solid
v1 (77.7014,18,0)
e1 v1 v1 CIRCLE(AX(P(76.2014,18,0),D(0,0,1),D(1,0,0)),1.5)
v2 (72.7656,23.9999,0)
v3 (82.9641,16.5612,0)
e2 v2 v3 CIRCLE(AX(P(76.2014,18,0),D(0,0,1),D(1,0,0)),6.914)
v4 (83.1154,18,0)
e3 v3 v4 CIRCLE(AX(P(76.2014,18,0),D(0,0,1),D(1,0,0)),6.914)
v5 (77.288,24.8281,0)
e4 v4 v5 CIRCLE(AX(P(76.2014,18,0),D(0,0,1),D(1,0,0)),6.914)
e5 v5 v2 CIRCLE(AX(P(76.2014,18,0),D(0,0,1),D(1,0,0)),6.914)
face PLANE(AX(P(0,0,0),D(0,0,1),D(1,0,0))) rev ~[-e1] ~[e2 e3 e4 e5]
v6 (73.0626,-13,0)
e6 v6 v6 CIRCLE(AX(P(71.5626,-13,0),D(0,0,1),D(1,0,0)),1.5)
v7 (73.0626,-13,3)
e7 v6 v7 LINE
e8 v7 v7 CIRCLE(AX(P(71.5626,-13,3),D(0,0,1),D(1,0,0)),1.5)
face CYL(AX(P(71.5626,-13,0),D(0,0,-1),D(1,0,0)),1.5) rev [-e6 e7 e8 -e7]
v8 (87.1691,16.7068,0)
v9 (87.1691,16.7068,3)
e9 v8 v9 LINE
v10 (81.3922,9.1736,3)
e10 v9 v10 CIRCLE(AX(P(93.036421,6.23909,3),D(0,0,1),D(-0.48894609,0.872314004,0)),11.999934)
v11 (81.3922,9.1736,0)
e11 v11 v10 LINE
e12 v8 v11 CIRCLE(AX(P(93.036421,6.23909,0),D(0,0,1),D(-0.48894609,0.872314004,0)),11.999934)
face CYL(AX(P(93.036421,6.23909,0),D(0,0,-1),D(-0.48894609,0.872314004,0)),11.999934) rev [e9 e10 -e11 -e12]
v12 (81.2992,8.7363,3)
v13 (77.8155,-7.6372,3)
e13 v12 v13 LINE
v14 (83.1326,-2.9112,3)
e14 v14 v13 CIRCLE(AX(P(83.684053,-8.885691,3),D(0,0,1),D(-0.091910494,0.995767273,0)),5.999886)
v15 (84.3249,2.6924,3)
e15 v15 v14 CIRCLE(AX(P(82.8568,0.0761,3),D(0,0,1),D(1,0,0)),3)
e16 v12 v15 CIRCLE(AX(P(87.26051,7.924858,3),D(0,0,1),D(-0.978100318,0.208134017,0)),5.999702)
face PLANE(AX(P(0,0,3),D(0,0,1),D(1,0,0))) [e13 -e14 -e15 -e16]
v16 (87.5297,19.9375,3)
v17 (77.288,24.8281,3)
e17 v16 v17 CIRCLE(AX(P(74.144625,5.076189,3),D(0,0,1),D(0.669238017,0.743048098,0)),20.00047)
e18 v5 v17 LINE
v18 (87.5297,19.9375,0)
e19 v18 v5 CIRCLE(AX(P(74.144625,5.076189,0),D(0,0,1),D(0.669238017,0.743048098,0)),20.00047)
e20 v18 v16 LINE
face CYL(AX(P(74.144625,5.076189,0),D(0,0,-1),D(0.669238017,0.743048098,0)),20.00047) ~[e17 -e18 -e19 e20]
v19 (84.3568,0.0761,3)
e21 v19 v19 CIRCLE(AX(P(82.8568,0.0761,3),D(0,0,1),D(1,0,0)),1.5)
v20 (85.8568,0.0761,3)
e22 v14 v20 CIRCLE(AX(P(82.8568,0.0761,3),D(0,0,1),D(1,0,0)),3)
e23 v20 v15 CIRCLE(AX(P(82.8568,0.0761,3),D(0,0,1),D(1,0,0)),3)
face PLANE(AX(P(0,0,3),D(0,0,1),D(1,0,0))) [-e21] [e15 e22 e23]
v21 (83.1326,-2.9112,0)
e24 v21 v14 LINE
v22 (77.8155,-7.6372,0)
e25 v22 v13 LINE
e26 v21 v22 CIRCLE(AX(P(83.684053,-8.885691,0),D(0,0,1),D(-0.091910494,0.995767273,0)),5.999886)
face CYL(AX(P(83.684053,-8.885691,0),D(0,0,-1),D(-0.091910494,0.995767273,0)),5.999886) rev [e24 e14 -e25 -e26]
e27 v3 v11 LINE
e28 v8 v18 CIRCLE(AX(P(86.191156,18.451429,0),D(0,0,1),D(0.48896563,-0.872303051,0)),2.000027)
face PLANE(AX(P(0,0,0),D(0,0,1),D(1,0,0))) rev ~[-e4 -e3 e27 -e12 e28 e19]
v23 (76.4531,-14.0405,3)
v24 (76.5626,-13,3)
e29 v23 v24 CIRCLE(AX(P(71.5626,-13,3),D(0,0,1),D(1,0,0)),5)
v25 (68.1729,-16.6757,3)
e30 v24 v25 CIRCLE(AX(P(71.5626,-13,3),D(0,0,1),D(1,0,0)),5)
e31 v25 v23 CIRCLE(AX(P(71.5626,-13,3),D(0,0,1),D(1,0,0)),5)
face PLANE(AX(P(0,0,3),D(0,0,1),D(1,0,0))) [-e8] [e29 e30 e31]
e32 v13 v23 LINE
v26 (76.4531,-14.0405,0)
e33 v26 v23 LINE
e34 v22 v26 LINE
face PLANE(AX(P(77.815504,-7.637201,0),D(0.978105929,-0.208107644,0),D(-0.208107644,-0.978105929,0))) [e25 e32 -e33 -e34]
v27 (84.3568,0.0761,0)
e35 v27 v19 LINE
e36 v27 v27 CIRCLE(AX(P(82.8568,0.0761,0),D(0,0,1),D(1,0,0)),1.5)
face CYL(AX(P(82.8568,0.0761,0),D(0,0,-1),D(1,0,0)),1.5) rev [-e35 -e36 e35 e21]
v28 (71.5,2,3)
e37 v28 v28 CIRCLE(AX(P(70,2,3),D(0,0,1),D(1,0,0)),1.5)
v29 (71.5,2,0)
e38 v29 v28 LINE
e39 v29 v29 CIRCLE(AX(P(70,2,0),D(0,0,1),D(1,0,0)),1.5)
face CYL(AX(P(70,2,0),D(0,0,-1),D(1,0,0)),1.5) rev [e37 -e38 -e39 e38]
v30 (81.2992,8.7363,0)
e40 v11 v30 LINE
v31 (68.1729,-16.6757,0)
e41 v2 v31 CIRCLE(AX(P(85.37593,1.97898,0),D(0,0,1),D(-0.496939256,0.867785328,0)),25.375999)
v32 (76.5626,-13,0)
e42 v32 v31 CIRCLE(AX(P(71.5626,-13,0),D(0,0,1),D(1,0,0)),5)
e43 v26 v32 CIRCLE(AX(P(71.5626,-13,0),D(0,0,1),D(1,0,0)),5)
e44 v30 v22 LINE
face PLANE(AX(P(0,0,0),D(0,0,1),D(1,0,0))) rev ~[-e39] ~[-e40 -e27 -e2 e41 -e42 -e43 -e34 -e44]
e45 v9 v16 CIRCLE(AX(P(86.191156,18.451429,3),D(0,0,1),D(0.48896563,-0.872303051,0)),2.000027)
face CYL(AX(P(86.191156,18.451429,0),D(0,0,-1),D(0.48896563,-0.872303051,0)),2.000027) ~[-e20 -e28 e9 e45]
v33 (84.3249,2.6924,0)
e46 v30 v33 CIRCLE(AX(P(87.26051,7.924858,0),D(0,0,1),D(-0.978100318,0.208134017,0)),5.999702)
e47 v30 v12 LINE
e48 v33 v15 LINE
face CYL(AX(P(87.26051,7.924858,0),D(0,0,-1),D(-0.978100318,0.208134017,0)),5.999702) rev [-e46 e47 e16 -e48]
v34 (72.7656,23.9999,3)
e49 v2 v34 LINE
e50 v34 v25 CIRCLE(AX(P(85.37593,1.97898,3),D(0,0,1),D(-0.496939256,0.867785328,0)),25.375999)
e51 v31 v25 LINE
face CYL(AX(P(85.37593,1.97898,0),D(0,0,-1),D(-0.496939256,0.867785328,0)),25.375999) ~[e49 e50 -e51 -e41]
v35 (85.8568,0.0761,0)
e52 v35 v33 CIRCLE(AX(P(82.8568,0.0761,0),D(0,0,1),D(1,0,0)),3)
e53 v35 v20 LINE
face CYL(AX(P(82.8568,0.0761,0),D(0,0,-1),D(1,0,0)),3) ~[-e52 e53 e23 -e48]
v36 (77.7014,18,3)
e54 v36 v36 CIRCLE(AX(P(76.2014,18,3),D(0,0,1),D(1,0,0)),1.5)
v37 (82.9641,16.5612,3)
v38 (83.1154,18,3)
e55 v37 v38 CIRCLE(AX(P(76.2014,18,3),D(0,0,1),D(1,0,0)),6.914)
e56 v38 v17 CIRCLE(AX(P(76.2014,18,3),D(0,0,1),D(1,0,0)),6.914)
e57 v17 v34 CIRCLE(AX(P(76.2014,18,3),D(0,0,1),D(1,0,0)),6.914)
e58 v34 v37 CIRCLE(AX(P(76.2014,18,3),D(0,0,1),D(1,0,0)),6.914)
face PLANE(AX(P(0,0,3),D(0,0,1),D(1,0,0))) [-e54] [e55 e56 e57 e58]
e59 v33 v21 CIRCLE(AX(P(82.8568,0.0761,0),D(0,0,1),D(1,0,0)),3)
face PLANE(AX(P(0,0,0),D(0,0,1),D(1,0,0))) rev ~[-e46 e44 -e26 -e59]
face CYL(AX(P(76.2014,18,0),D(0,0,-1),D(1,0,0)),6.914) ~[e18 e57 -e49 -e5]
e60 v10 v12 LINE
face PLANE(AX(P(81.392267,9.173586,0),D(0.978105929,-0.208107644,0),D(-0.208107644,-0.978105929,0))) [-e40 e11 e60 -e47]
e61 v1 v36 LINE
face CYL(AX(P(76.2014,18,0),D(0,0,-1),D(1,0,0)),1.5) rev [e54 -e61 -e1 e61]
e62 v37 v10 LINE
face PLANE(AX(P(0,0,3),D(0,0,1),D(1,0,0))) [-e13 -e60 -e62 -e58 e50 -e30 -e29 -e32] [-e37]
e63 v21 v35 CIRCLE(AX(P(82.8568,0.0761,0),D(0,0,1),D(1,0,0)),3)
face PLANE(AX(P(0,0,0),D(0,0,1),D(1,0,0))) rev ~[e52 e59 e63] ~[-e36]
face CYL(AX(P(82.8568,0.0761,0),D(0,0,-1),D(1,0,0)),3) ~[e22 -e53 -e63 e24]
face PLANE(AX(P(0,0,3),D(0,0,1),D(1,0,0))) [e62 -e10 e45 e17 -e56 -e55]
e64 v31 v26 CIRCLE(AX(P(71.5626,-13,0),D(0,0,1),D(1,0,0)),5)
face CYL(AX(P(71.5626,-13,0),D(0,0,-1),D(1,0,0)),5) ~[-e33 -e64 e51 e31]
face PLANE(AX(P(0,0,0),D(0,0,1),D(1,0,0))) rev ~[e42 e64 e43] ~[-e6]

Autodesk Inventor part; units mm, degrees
ref_plane "YZ Plane" through (0, 0, 0) normal (1, 0, 0) x (0, 1, 0)
ref_plane "XZ Plane" through (0, 0, 0) normal (0, 1, 0) x (-1, 0, 0)
ref_plane "XY Plane" through (0, 0, 0) normal (0, 0, 1) x (1, 0, 0)
sketch "スケッチ1" plane through (0, 0, 0) normal (0, 0, 1) x (1, 0, 0)
  circle A0 centre (76.2014, 18) radius 1.25
  circle A1 centre (70, 2) radius 1.5
  circle A2 centre (71.5626, -13) radius 1.25
  circle A3 centre (71.5626, -13) radius 5
  arc A4 (72.7656, 23.9999) -> (68.1729, -16.6757) centre (85.3759, 1.979) ccw
  circle A5 centre (139.7986, 18) radius 1.25
  circle A6 centre (139.7986, 18) radius 6.914
  arc A7 (147.8271, -16.6757) -> (143.2344, 23.9999) centre (130.6241, 1.979) ccw
  circle A8 centre (146, 2) radius 1.5
  circle A9 centre (144.4374, -13) radius 5
  circle A10 centre (144.4374, -13) radius 1.25
  circle A11 centre (76.2014, 18) radius 6.914
  line L0 (82.9641, 16.5612) -> (76.4531, -14.0405)
  line L1 (133.0359, 16.5612) -> (139.5469, -14.0405)
  arc A12 (87.1691, 16.7068) -> (81.2992, 8.7363) centre (93.0365, 6.239) ccw
  arc A13 (87.1691, 16.7068) -> (87.5297, 19.9375) centre (86.1912, 18.4514) ccw
  arc A14 (87.5297, 19.9375) -> (77.288, 24.8281) centre (74.1449, 5.0766) ccw
  line L2 (108, 72.8318) -> (108, -27.6373) construction
  arc A15 (134.7008, 8.7363) -> (128.8309, 16.7068) centre (122.9635, 6.239) ccw
  arc A16 (138.712, 24.8281) -> (128.4703, 19.9375) centre (141.8551, 5.0766) ccw
  arc A17 (128.4703, 19.9375) -> (128.8309, 16.7068) centre (129.8088, 18.4514) ccw
  circle A18 centre (82.8568, 0.0761) radius 1.5
  circle A19 centre (133.1432, 0.0761) radius 1.75
  circle A20 centre (82.8568, 0.0761) radius 3
  arc A21 (81.3922, 9.1736) -> (84.3249, 2.6924) centre (87.2609, 7.9249) ccw
  arc A22 (83.1326, -2.9112) -> (77.8155, -7.6372) centre (83.6841, -8.8858) ccw
  arc A23 (131.6751, 2.6924) -> (134.6078, 9.1736) centre (128.7391, 7.9249) ccw
  circle A24 centre (133.1432, 0.0761) radius 3
  arc A25 (138.1845, -7.6372) -> (132.8674, -2.9112) centre (132.3159, -8.8858) ccw
  circle A26 centre (76.2014, 18) radius 1.5
  circle A27 centre (71.5626, -13) radius 1.5
  point P0 (0, 0)
  point P1 (0, 0)
  point P2 (81.3565, 8.9919)
  dimension "d0" = 8
  dimension "d1" = 2
  dimension "d2" = 12
  dimension "d3" = 20
  dimension "d4" = 10
  dimension "d5" = 6
  dimension "d6" = 6
  dimension "d7" = 6
  dimension "d10" = 2.5
  dimension "d11" = 3
  dimension "d12" = 3
  dimension "d13" = 3
  dimension "d14" = 3
extrude "押し出し1" add sketch "スケッチ1" along normal blind 3 contours A3 | A3 A4 A11 L0 | A11 | L0 A12 A21 A20 A22 | A14 A13 A12 A21 L0 A11 | A20
equation "\"d7\" = d6"
equation "\"d12\" = d11"
equation "\"d13\" = d11"
equation "\"d14\" = d11"
properties part number "アンノーン" material "アルミニウム 2014-T4"
